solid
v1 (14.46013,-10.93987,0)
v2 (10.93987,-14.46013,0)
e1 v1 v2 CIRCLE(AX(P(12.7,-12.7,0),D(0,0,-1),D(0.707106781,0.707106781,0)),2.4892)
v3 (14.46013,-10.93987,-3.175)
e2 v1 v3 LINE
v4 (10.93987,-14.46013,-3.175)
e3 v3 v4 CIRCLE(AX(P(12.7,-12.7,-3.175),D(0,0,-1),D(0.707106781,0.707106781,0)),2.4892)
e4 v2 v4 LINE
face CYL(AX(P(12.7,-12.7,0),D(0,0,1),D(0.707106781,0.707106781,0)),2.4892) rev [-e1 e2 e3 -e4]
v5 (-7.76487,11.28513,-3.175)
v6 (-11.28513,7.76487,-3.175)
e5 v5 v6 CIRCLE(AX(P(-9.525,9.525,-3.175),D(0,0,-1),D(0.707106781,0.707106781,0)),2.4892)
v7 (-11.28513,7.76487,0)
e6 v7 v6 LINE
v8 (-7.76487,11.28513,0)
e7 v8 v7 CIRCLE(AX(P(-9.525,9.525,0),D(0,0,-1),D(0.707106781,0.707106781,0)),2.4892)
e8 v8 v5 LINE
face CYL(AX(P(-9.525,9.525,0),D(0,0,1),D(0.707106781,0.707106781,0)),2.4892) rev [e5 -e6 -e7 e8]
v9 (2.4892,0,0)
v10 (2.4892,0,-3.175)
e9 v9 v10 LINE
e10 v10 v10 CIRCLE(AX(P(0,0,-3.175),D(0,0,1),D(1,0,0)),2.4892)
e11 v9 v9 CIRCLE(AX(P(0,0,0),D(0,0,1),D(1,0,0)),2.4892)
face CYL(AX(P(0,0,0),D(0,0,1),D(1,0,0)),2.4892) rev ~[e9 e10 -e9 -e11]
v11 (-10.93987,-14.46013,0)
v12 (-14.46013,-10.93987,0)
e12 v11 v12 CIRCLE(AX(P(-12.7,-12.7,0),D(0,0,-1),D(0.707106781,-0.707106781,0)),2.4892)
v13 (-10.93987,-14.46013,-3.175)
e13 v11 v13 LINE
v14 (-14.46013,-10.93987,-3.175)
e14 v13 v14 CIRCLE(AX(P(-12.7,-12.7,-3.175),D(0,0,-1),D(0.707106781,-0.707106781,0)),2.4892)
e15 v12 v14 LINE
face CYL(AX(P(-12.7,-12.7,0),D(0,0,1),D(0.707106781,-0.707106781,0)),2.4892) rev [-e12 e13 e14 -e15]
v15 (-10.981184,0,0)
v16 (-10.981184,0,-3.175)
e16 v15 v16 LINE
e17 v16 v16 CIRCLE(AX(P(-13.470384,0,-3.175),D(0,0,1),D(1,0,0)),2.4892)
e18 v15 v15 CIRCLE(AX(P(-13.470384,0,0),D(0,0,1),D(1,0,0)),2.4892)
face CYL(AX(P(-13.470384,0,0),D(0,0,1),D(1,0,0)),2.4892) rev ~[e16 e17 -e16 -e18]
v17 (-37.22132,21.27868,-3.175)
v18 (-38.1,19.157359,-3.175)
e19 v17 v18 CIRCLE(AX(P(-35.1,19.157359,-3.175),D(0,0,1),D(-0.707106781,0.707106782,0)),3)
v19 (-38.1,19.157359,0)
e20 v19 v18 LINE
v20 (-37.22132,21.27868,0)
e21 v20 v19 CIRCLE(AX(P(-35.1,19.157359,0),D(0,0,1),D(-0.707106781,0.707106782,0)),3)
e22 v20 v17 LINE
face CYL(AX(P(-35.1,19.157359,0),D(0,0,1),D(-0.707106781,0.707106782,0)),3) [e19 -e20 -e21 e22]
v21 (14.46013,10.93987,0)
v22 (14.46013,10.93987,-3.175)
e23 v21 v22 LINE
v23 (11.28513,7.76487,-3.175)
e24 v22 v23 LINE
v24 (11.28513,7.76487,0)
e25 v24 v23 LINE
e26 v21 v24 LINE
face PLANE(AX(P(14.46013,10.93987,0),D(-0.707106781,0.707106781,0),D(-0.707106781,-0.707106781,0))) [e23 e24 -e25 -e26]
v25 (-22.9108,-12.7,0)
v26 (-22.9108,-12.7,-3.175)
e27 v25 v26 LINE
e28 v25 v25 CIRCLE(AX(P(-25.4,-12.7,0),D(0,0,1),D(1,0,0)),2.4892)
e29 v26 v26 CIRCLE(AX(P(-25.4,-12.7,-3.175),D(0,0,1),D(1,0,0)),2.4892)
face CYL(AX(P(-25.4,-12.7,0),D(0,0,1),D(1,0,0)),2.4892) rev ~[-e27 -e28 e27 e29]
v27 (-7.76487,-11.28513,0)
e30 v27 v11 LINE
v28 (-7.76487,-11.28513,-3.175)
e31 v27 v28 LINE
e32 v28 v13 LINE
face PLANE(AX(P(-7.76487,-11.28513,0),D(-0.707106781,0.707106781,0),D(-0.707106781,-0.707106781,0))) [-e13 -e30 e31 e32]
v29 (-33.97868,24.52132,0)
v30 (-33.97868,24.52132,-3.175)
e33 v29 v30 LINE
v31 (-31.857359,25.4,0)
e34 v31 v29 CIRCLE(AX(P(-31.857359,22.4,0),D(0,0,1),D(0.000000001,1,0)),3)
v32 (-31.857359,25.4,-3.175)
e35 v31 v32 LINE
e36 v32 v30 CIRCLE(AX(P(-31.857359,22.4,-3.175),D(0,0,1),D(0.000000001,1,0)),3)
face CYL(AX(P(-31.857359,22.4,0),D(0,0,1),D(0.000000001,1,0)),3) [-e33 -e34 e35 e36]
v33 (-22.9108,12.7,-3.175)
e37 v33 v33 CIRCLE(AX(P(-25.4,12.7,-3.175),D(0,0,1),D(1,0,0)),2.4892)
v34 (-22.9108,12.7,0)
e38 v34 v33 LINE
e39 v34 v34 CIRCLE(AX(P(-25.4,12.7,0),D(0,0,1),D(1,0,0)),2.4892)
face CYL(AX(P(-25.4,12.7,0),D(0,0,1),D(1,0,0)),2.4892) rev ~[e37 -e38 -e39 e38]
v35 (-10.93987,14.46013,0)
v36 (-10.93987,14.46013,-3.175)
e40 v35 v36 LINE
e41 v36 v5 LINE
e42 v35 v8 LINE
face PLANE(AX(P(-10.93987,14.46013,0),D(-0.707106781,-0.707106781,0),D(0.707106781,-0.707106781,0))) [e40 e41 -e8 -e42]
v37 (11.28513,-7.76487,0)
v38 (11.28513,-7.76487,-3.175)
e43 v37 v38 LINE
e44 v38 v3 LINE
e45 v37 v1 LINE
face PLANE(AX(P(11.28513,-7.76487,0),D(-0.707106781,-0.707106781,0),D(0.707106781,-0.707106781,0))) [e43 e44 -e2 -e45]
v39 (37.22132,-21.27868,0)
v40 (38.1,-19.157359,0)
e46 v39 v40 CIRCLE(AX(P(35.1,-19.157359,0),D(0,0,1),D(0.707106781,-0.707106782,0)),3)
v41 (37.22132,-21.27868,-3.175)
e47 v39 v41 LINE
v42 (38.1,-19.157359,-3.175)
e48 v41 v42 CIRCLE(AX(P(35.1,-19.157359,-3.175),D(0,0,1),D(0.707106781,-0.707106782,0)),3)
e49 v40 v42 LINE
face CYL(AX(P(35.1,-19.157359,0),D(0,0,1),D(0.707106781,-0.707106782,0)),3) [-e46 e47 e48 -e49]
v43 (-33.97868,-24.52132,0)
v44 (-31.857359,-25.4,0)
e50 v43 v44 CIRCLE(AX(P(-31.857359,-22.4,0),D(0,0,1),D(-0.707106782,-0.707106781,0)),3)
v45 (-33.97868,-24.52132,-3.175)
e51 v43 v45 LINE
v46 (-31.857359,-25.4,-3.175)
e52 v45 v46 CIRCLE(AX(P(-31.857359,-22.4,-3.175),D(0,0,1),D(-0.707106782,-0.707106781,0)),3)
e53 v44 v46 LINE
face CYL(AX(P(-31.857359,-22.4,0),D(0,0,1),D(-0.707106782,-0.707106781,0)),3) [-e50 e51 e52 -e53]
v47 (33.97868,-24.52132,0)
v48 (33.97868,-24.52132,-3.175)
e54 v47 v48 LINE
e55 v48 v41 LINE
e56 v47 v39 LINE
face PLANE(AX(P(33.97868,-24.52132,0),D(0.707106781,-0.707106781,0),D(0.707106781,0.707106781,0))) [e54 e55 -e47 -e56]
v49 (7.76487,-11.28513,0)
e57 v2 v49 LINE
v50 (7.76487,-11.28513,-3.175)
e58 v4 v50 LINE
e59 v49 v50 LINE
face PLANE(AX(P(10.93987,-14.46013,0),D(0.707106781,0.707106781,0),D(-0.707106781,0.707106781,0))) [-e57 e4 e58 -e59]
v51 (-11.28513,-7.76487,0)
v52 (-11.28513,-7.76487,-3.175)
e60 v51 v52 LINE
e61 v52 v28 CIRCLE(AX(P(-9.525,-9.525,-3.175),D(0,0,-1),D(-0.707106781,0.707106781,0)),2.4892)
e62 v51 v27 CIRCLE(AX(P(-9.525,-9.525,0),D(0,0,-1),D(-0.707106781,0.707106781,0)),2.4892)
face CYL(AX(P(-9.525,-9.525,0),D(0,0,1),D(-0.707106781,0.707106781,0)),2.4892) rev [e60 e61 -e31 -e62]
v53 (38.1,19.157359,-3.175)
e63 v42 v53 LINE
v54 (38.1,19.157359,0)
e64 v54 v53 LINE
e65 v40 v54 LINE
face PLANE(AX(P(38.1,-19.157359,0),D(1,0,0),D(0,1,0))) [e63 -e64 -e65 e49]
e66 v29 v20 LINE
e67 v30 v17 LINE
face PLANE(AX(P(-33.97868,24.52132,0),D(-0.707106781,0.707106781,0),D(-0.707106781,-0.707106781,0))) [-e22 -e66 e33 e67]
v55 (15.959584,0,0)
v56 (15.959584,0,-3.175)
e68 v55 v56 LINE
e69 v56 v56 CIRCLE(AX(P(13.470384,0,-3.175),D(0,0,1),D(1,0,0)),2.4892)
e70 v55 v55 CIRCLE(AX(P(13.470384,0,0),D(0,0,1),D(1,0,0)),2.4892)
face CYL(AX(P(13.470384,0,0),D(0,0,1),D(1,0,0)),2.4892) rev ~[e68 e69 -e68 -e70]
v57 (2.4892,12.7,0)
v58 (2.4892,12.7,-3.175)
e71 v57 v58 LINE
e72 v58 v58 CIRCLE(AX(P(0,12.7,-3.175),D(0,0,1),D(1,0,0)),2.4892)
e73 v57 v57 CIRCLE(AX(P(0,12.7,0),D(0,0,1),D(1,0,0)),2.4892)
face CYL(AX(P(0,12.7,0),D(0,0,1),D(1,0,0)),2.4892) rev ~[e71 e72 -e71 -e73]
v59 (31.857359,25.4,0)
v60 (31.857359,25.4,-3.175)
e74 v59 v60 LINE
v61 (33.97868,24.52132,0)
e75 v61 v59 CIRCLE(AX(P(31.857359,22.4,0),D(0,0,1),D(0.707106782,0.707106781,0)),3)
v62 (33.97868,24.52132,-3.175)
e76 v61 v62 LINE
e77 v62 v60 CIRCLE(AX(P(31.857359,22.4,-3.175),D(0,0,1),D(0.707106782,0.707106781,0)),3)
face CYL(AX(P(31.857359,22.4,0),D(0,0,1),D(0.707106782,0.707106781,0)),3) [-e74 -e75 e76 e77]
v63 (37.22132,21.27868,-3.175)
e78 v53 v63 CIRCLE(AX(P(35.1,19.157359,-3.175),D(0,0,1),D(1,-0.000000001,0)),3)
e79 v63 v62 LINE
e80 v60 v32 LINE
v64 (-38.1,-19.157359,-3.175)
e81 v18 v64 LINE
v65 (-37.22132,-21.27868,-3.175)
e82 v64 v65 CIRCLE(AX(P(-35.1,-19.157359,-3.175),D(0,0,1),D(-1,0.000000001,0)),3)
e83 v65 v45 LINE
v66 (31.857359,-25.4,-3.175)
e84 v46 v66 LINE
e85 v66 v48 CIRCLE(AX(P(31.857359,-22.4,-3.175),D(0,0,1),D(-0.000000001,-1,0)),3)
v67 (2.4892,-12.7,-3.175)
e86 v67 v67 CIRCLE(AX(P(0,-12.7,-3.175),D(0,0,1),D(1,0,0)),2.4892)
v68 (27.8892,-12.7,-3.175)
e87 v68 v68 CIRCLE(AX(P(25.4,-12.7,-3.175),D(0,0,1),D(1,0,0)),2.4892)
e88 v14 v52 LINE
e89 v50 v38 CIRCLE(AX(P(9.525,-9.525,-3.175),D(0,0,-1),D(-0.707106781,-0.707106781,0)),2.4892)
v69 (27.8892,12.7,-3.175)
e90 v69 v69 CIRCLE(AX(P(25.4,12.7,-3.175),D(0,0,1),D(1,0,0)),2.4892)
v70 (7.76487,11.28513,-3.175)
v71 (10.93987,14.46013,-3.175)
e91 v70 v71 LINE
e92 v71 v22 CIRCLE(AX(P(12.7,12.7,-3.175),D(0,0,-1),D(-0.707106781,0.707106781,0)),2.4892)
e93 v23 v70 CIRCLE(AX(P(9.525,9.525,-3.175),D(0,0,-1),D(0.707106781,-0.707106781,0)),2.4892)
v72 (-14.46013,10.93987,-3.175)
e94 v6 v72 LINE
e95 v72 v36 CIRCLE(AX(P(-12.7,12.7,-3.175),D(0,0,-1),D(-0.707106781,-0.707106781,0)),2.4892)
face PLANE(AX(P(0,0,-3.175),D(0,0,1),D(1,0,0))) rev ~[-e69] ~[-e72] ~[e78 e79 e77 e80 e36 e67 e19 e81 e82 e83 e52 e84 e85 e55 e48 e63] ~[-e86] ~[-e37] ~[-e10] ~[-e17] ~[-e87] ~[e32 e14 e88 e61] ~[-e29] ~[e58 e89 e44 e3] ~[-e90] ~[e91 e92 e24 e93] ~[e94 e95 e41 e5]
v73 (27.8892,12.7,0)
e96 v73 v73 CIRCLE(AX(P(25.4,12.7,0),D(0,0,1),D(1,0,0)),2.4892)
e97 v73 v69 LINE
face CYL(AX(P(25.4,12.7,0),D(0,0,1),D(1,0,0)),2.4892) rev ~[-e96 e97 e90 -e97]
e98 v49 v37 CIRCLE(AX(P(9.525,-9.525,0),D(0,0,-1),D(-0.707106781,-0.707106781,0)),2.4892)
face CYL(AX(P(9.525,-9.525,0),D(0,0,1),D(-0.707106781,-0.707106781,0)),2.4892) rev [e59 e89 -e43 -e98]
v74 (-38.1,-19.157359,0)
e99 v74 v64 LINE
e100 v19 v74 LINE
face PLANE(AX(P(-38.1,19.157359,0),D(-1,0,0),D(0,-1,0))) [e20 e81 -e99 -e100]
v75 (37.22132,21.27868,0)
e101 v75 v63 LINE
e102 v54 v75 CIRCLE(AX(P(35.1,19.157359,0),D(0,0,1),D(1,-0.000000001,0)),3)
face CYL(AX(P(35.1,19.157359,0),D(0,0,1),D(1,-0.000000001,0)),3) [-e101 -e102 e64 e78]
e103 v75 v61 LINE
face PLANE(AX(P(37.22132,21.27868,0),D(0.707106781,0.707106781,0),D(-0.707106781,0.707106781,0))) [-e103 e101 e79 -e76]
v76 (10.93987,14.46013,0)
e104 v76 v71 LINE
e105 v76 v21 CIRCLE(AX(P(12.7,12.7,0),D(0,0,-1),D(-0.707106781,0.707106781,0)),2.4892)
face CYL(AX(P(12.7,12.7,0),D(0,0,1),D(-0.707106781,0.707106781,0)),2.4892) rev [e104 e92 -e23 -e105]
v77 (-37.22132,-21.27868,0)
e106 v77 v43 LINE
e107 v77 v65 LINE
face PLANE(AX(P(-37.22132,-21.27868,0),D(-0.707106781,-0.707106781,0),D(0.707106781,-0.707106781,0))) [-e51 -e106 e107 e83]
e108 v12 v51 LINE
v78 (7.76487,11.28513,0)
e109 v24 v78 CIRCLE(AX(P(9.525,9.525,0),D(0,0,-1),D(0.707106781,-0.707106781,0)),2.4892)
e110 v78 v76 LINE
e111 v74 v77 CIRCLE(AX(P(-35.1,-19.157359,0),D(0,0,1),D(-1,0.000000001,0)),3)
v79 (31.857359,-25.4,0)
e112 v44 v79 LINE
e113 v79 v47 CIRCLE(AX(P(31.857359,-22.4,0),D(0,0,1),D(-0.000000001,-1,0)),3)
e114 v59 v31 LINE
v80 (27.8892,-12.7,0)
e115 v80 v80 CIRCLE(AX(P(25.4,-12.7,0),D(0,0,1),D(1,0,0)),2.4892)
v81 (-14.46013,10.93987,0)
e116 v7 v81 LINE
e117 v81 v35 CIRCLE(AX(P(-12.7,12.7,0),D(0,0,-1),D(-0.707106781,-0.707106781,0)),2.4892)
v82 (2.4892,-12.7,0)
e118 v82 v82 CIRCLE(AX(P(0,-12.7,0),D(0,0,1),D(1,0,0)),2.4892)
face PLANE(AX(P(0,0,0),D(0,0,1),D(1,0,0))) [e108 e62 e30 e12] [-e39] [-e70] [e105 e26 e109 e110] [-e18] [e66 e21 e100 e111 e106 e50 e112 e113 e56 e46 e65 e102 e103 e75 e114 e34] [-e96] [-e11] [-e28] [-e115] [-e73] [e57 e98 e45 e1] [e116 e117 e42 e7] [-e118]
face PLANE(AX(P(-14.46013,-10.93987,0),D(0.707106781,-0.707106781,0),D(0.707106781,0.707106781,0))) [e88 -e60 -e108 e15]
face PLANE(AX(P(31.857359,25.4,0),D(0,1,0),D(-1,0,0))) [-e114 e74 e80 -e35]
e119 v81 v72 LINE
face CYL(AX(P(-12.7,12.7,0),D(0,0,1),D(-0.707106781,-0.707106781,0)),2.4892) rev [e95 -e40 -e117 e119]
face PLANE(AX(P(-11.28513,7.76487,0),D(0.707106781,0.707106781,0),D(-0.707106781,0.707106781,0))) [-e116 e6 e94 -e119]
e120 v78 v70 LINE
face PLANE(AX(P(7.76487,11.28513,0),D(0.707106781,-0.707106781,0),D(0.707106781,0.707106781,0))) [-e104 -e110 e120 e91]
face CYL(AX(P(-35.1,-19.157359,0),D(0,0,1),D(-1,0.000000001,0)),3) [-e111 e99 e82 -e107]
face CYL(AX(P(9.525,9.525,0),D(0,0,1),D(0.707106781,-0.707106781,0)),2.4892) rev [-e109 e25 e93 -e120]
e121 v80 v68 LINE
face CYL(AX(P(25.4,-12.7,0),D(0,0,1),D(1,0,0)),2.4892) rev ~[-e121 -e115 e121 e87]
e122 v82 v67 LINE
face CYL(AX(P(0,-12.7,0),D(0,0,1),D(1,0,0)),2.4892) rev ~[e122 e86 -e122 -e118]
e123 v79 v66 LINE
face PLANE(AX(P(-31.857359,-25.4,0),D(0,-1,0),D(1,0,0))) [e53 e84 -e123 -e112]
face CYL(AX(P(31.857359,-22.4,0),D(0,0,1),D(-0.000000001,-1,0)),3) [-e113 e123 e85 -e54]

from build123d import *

# Parameters (mm, degrees)
SKETCH1_R           = 2.4892
BOSS_EXTRUDE1_DEPTH = 3.175


with BuildPart() as part:
    # Sketch1 → Boss-Extrude1 (new body)
    with BuildSketch(Plane.XY):
        with BuildLine():
            Line((33.978679656, -24.521320344), (37.221320344, -21.278679656))
            ThreePointArc((37.221320344, -21.278679656), (37.871638598, -20.30540961), (38.1, -19.157359313))
            Line((38.1, -19.157359313), (38.1, 19.157359313))
            ThreePointArc((38.1, 19.157359313), (37.871638598, 20.30540961), (37.221320344, 21.278679656))
            Line((37.221320344, 21.278679656), (33.978679656, 24.521320344))
            ThreePointArc((33.978679656, 24.521320344), (33.00540961, 25.171638598), (31.857359313, 25.4))
            Line((31.857359313, 25.4), (-31.857359313, 25.4))
            ThreePointArc((-31.857359313, 25.4), (-33.00540961, 25.171638598), (-33.978679656, 24.521320344))
            Line((-33.978679656, 24.521320344), (-37.221320344, 21.278679656))
            ThreePointArc((-37.221320344, 21.278679656), (-37.871638598, 20.30540961), (-38.1, 19.157359313))
            Line((-38.1, 19.157359313), (-38.1, -19.157359313))
            ThreePointArc((-38.1, -19.157359313), (-37.871638598, -20.30540961), (-37.221320344, -21.278679656))
            Line((-37.221320344, -21.278679656), (-33.978679656, -24.521320344))
            ThreePointArc((-33.978679656, -24.521320344), (-33.00540961, -25.171638598), (-31.857359313, -25.4))
            Line((-31.857359313, -25.4), (31.857359313, -25.4))
            ThreePointArc((31.857359313, -25.4), (33.00540961, -25.171638598), (33.978679656, -24.521320344))
        make_face()
        with Locations((13.470384182, 0)):
            Circle(SKETCH1_R, mode=Mode.SUBTRACT)
        with Locations((-25.4, 12.7)):
            Circle(SKETCH1_R, mode=Mode.SUBTRACT)
        with Locations((25.4, 12.7)):
            Circle(SKETCH1_R, mode=Mode.SUBTRACT)
        with Locations((25.4, -12.7)):
            Circle(SKETCH1_R, mode=Mode.SUBTRACT)
        with Locations((0, -12.7)):
            Circle(SKETCH1_R, mode=Mode.SUBTRACT)
        with Locations((-25.4, -12.7)):
            Circle(SKETCH1_R, mode=Mode.SUBTRACT)
        with Locations((0, 12.7)):
            Circle(SKETCH1_R, mode=Mode.SUBTRACT)
        Circle(SKETCH1_R, mode=Mode.SUBTRACT)
        with Locations((-13.470384182, 0)):
            Circle(SKETCH1_R, mode=Mode.SUBTRACT)
        with BuildLine():
            Line((11.2851302, -7.7648698), (14.4601302, -10.9398698))
            ThreePointArc((14.4601302, -10.9398698), (14.4601302, -14.4601302), (10.9398698, -14.4601302))
            Line((10.9398698, -14.4601302), (7.7648698, -11.2851302))
            ThreePointArc((7.7648698, -11.2851302), (7.7648698, -7.7648698), (11.2851302, -7.7648698))
        make_face(mode=Mode.SUBTRACT)
        with BuildLine():
            Line((-10.9398698, 14.4601302), (-7.7648698, 11.2851302))
            ThreePointArc((-7.7648698, 11.2851302), (-7.7648698, 7.7648698), (-11.2851302, 7.7648698))
            Line((-11.2851302, 7.7648698), (-14.4601302, 10.9398698))
            ThreePointArc((-14.4601302, 10.9398698), (-14.4601302, 14.4601302), (-10.9398698, 14.4601302))
        make_face(mode=Mode.SUBTRACT)
        with BuildLine():
            Line((-7.7648698, -11.2851302), (-10.9398698, -14.4601302))
            ThreePointArc((-10.9398698, -14.4601302), (-14.4601302, -14.4601302), (-14.4601302, -10.9398698))
            Line((-14.4601302, -10.9398698), (-11.2851302, -7.7648698))
            ThreePointArc((-11.2851302, -7.7648698), (-7.7648698, -7.7648698), (-7.7648698, -11.2851302))
        make_face(mode=Mode.SUBTRACT)
        with BuildLine():
            Line((14.4601302, 10.9398698), (11.2851302, 7.7648698))
            ThreePointArc((11.2851302, 7.7648698), (7.7648698, 7.7648698), (7.7648698, 11.2851302))
            Line((7.7648698, 11.2851302), (10.9398698, 14.4601302))
            ThreePointArc((10.9398698, 14.4601302), (14.4601302, 14.4601302), (14.4601302, 10.9398698))
        make_face(mode=Mode.SUBTRACT)
    extrude(amount=-BOSS_EXTRUDE1_DEPTH)


solid = part.part
